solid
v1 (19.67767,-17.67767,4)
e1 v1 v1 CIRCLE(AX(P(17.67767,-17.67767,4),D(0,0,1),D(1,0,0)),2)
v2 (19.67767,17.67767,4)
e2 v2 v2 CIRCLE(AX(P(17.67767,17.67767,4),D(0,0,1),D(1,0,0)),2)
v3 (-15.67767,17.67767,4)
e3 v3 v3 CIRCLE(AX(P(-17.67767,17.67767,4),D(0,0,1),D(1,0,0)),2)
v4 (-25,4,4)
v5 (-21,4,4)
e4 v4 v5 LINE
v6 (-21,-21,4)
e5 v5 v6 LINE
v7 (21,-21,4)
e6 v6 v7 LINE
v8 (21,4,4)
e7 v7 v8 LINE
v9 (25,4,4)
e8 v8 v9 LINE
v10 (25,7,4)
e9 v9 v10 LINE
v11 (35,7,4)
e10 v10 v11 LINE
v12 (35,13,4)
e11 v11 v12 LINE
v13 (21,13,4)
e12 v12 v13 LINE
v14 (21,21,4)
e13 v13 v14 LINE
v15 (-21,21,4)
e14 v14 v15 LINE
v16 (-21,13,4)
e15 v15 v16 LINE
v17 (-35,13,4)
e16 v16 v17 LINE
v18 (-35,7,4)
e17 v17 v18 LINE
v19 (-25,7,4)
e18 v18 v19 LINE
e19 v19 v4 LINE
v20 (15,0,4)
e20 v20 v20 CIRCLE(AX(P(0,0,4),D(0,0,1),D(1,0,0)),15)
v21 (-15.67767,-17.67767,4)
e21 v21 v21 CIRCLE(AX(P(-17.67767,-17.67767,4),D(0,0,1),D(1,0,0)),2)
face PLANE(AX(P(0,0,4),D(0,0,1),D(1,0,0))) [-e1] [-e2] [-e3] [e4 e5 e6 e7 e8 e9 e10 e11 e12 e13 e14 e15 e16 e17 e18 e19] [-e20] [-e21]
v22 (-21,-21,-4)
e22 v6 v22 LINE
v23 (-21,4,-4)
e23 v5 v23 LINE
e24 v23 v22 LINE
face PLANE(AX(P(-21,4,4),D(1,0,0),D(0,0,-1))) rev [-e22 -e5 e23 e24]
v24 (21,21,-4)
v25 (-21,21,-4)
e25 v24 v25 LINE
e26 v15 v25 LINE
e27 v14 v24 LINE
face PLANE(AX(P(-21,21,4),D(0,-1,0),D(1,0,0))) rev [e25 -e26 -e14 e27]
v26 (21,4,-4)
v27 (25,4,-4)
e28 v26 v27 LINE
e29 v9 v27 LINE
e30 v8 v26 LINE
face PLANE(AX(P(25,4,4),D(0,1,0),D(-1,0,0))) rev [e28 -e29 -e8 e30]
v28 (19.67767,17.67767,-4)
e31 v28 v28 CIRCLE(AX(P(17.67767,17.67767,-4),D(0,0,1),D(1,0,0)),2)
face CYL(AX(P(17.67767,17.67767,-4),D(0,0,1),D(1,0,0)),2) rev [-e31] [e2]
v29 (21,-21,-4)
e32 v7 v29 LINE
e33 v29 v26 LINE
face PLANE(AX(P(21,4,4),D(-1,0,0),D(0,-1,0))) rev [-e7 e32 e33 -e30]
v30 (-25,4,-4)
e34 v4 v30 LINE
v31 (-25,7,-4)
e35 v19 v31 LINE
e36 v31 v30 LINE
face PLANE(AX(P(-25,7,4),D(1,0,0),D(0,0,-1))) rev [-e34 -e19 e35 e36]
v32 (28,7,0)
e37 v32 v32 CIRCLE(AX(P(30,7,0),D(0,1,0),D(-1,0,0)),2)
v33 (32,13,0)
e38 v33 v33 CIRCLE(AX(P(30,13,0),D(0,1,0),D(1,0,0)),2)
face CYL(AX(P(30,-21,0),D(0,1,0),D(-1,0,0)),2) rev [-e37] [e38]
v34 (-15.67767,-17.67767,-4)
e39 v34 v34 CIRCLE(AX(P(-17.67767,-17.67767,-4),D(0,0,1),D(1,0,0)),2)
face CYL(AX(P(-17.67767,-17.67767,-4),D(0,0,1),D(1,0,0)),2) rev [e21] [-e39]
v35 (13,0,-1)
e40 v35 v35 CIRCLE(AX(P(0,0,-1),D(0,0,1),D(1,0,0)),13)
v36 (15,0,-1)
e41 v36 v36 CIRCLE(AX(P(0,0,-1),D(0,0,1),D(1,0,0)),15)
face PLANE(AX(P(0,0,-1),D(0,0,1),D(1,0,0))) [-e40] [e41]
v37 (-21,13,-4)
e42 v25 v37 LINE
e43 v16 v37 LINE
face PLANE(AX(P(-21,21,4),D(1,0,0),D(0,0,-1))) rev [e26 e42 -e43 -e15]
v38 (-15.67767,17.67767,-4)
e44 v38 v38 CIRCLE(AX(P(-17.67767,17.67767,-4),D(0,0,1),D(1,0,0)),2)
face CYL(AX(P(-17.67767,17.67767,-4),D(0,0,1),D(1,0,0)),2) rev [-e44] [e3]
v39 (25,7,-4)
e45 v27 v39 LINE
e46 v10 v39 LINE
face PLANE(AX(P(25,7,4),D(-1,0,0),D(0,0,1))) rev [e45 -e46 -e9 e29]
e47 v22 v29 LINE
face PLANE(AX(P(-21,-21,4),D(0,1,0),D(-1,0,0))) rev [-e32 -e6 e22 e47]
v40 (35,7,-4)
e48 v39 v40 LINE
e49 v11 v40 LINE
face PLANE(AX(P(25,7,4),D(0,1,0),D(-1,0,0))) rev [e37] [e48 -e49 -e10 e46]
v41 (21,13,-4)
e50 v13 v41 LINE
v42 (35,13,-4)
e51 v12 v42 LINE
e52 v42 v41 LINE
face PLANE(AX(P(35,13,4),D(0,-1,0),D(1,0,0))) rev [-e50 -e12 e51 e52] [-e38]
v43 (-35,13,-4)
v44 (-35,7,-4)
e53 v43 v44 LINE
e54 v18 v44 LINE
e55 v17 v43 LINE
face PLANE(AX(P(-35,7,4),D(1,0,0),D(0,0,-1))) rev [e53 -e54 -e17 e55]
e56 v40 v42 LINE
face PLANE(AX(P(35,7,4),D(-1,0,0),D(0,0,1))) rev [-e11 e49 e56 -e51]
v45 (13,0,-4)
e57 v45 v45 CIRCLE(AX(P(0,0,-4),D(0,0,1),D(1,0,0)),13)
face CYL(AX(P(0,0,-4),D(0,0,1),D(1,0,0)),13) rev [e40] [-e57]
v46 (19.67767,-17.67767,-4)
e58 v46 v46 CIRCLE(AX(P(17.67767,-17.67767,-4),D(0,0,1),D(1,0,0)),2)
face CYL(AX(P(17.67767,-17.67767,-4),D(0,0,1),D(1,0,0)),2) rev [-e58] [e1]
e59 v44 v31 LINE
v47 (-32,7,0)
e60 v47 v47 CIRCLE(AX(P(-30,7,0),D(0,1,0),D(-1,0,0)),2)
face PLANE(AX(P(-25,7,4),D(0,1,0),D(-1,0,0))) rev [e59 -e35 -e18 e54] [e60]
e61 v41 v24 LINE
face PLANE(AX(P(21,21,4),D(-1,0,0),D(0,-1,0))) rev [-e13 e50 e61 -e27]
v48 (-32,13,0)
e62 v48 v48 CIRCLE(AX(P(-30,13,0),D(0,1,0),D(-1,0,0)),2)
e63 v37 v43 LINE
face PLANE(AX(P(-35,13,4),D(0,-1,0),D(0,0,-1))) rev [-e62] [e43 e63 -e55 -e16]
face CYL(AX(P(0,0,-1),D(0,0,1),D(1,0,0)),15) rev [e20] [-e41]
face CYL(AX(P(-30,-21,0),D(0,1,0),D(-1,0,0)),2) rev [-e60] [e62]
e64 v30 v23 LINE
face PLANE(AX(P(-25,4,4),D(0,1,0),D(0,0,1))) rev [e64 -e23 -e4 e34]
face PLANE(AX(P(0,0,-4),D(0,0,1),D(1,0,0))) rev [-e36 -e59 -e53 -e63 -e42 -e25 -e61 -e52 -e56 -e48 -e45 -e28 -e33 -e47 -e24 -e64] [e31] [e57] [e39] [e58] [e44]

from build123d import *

# Parameters (mm, degrees)
EXTRUDE_1_DEPTH     = 4
SKETCH_3_R          = 15
CUT_EXTRUDE_1_DEPTH = 5
SKETCH_4_R          = 2
CUT_EXTRUDE_2_DEPTH = 42.593268686
SKETCH_5_R          = 2
CUT_EXTRUDE_3_DEPTH = 49.95916666
SKETCH_6_R          = 13
CUT_EXTRUDE_4_DEPTH = 42.12177039


with BuildPart() as part:
    # 草图2 → 凸台-拉伸1 (new, symmetric)
    with BuildSketch(Plane.XY):
        Polygon((-25, 7), (-35, 7), (-35, 13), (-21, 13), (-21, 21), (21, 21), (21, 13), (35, 13), (35, 7), (25, 7), (25, 4), (21, 4), (21, -21), (-21, -21), (-21, 4), (-25, 4), align=None)
    extrude(amount=EXTRUDE_1_DEPTH, both=True)

    # 草图3 → 切除-拉伸1 (cut)
    with BuildSketch(Plane.XY.offset(4)):
        Circle(SKETCH_3_R)
    extrude(amount=-CUT_EXTRUDE_1_DEPTH, mode=Mode.SUBTRACT)

    # 草图4 → 切除-拉伸2 (cut, through all)
    with BuildSketch(Plane.XY.offset(4)):
        with Locations((-17.67766953, 17.67766953)):
            Circle(SKETCH_4_R)
        with Locations((17.67766953, 17.67766953)):
            Circle(SKETCH_4_R)
        with Locations((17.67766953, -17.67766953)):
            Circle(SKETCH_4_R)
        with Locations((-17.67766953, -17.67766953)):
            Circle(SKETCH_4_R)
    extrude(amount=-CUT_EXTRUDE_2_DEPTH, mode=Mode.SUBTRACT)

    # 草图5 → 切除-拉伸3 (cut, through all)
    with BuildSketch(Plane(origin=(0, 13, 0), x_dir=(1, 0, 0), z_dir=(0, 1, 0))):
        with Locations(Location((-30, 0, 0), (0, 0, 180))):
            Circle(SKETCH_5_R)
        with Locations(Location((30, 0, 0), (0, 0, 180))):
            Circle(SKETCH_5_R)
    extrude(amount=-CUT_EXTRUDE_3_DEPTH, mode=Mode.SUBTRACT)

    # 草图6 → 切除-拉伸4 (cut, through all)
    with BuildSketch(Plane.XY.offset(-1)):
        Circle(SKETCH_6_R)
    extrude(amount=-CUT_EXTRUDE_4_DEPTH, mode=Mode.SUBTRACT)


solid = part.part
